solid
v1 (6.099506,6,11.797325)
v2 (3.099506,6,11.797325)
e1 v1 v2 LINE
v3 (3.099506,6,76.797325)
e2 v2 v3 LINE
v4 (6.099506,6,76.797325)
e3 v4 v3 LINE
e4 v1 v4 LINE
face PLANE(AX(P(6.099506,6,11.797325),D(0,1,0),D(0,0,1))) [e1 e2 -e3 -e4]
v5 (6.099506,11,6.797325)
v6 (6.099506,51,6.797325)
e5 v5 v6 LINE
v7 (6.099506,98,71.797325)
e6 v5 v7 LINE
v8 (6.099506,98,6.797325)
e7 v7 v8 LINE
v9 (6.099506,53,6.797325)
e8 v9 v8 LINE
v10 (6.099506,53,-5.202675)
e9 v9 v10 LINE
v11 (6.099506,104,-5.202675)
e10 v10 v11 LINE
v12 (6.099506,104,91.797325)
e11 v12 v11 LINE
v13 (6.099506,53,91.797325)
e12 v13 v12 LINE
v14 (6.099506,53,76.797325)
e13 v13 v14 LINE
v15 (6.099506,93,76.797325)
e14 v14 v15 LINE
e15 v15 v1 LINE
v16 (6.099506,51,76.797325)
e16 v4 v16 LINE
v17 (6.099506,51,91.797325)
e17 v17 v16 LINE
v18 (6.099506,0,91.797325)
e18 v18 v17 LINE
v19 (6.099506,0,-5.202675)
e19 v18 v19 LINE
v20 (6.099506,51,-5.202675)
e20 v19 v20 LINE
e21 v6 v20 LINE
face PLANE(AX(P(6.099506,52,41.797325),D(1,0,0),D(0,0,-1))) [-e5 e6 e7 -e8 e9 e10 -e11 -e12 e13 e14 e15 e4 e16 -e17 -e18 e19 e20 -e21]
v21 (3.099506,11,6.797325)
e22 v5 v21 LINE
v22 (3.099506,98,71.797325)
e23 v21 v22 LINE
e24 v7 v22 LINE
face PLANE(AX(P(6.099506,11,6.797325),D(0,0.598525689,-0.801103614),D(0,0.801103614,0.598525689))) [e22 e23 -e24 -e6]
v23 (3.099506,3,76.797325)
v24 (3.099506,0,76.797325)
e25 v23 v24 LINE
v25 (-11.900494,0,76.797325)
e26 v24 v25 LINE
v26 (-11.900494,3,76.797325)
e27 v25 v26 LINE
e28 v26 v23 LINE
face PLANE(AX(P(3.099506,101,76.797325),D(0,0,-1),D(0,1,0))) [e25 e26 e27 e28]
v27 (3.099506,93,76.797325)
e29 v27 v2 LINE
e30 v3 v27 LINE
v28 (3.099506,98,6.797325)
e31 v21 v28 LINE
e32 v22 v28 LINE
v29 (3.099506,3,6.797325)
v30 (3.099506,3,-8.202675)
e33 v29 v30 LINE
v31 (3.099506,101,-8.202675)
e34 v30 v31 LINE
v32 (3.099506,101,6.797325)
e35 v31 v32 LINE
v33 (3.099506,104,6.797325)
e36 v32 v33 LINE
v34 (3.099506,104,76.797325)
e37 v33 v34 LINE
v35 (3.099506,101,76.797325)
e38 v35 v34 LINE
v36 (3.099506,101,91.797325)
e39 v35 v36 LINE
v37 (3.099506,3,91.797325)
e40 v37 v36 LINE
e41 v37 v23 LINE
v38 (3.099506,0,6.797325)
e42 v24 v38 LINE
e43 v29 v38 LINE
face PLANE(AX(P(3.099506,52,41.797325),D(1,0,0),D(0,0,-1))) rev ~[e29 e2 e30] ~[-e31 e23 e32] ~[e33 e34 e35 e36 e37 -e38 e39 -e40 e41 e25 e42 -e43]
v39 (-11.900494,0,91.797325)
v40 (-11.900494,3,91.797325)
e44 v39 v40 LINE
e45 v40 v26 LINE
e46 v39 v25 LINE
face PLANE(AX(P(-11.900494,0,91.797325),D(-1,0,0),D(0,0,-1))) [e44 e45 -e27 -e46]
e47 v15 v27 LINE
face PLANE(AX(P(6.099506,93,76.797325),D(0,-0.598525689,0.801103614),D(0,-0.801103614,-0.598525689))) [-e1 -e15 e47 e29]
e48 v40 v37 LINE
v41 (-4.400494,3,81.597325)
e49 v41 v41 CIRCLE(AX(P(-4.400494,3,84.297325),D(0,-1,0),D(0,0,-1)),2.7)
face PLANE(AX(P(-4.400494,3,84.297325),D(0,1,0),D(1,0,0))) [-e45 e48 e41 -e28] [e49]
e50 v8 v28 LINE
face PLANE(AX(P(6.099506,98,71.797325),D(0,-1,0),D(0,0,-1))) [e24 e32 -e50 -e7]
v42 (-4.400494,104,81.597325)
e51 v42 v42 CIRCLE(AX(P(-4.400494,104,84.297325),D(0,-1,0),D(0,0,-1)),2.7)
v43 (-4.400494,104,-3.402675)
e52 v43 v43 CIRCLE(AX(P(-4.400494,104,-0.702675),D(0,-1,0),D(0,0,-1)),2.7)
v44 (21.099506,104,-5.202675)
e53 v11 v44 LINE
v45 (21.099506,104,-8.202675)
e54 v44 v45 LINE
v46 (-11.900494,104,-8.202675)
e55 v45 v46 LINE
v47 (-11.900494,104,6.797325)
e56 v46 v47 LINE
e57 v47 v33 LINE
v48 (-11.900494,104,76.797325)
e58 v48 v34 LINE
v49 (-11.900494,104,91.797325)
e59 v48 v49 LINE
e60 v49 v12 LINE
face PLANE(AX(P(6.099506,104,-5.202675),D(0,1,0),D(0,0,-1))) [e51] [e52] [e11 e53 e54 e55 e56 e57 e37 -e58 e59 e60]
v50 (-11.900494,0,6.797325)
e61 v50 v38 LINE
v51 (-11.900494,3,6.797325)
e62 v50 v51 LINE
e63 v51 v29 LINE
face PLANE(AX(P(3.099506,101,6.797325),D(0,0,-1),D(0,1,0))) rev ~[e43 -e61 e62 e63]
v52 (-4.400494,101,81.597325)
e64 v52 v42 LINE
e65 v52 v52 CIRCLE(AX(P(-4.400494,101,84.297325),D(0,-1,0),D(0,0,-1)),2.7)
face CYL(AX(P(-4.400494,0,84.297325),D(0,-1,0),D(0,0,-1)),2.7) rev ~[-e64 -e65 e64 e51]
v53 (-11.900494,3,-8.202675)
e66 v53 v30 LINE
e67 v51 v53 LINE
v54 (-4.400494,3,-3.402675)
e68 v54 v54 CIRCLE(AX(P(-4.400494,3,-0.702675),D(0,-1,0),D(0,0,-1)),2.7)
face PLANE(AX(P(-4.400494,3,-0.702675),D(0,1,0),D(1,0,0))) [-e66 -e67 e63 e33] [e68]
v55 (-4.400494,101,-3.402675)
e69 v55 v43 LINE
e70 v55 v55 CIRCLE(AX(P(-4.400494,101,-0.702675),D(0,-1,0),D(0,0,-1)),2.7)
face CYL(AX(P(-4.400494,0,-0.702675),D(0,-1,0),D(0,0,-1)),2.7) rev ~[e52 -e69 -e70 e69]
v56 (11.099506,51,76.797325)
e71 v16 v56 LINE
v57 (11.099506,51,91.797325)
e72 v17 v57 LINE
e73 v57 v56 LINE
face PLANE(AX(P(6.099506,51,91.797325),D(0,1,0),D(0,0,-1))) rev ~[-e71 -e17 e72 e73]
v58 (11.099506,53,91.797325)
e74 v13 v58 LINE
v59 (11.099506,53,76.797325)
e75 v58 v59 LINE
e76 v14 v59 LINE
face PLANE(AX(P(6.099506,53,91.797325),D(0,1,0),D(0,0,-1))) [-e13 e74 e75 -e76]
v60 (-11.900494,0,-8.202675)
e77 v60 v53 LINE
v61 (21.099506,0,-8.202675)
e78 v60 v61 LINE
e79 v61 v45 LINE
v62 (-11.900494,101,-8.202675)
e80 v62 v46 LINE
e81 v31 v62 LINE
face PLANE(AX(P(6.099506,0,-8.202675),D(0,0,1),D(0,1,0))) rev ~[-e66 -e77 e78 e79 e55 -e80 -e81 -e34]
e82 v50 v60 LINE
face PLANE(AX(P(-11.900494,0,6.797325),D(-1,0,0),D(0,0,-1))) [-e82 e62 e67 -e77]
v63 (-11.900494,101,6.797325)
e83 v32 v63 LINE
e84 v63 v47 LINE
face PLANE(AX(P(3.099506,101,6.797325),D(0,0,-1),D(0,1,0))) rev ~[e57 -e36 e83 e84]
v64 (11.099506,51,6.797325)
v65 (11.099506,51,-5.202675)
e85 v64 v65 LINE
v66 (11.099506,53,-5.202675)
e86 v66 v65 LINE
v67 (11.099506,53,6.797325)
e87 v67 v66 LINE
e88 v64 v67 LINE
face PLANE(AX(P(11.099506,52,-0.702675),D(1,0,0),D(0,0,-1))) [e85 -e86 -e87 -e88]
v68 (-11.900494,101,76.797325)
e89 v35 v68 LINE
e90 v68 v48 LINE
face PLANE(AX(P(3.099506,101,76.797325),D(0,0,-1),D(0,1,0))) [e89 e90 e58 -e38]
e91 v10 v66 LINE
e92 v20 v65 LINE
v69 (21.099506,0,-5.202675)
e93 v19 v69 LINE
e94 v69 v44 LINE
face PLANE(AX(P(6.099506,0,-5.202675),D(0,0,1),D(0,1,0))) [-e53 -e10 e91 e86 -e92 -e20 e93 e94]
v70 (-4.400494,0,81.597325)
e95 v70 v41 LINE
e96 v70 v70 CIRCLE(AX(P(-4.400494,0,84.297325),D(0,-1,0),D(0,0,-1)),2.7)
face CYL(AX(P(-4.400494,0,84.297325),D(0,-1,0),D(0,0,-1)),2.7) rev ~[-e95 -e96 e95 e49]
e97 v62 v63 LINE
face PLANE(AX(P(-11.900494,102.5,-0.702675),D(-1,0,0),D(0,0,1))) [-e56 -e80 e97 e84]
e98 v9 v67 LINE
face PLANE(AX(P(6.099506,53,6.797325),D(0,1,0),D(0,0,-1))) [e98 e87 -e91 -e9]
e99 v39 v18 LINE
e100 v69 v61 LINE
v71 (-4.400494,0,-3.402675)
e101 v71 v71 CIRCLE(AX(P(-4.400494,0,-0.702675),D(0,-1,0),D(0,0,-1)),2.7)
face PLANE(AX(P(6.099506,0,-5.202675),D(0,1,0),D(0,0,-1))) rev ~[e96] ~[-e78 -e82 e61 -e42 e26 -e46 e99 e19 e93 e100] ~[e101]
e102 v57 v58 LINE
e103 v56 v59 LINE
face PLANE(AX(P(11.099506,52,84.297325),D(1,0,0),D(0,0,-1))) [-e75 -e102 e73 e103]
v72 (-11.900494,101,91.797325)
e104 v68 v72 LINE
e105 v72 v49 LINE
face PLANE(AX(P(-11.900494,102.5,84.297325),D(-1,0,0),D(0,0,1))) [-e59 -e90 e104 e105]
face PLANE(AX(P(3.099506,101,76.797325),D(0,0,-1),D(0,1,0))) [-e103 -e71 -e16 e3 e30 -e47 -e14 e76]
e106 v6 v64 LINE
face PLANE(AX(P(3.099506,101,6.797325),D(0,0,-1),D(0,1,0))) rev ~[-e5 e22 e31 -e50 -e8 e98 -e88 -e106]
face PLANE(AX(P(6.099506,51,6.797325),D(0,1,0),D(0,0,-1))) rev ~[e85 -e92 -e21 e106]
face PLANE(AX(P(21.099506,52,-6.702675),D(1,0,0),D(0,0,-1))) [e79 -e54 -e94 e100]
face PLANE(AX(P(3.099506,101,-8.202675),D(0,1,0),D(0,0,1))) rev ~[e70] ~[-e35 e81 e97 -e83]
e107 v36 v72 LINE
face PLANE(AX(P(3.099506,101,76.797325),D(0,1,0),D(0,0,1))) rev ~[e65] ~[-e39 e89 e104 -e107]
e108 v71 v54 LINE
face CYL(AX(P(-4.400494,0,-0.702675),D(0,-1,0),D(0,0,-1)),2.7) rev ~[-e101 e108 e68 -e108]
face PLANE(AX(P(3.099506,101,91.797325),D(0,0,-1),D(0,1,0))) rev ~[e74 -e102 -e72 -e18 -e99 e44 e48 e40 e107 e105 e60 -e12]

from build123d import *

# Parameters (mm, degrees)
SKETCH2_W           = 15
SKETCH2_H           = 15
BOSS_EXTRUDE1_DEPTH = 3
SKETCH3_W           = 3
SKETCH3_H           = 15
BOSS_EXTRUDE2_DEPTH = 104
SKETCH4_W           = 15
SKETCH4_H           = 3
BOSS_EXTRUDE3_DEPTH = 15
SKETCH5_R           = 2.7
CUT_EXTRUDE1_DEPTH  = 105.999550604
SKETCH6_W           = 15
SKETCH6_H           = 2
BOSS_EXTRUDE4_DEPTH = 5
BOSS_EXTRUDE5_DEPTH = 3
SKETCH9_W           = 3
SKETCH9_H           = 104
BOSS_EXTRUDE6_DEPTH = 15


with BuildPart() as part:
    # Sketch2 → Boss-Extrude1 (new body)
    with BuildSketch(Plane(origin=(0, 0, 0), x_dir=(1, 0, 0), z_dir=(0, 1, 0))):
        with Locations((-4.400493642, 0.702675063)):
            Rectangle(SKETCH2_W, SKETCH2_H)
    extrude(amount=BOSS_EXTRUDE1_DEPTH)

    # Sketch3 → Boss-Extrude2 (add)
    with BuildSketch(Plane(origin=(0, 0, 0), x_dir=(1, 0, 0), z_dir=(0, 1, 0))):
        with Locations((4.599506358, 0.702675063)):
            Rectangle(SKETCH3_W, SKETCH3_H)
    extrude(amount=BOSS_EXTRUDE2_DEPTH)

    # Sketch4 → Boss-Extrude3 (add)
    with BuildSketch(Plane.ZY.offset(-3.099506358)):
        with Locations((-0.702675063, 102.5)):
            Rectangle(SKETCH4_W, SKETCH4_H)
    extrude(amount=BOSS_EXTRUDE3_DEPTH)

    # Sketch5 → Cut-Extrude1 (cut, through all)
    with BuildSketch(Plane.XZ):
        with Locations(Location((-4.400493642, -0.702675063, 0), (0, 0, 270))):
            Circle(SKETCH5_R)
    extrude(amount=-CUT_EXTRUDE1_DEPTH, mode=Mode.SUBTRACT)

    # Sketch6 → Boss-Extrude4 (add)
    with BuildSketch(Plane(origin=(6.099506358, 0, 0), x_dir=(0, 0, -1), z_dir=(1, 0, 0))):
        with Locations((0.702675063, 52)):
            Rectangle(SKETCH6_W, SKETCH6_H)
    extrude(amount=BOSS_EXTRUDE4_DEPTH)


with BuildPart() as body_2:
    # Body-Move/Copy2: copy of part
    add(part.part.moved(Location((0, 0, 85))))


with BuildPart() as part_1:
    add(part.part)

    add(body_2.part)  # Boss-Extrude5 merges body 2
    # Sketch8 → Boss-Extrude5 (add)
    with BuildSketch(Plane.ZY.offset(-6.099506358)):
        Polygon((6.797324937, 104), (76.797324937, 104), (76.797324937, 98), (76.797324937, 93), (11.797324937, 6), (76.797324937, 6), (76.797324937, 0), (6.797324937, 0), (6.797324937, 6), (6.797324937, 11), (71.797324937, 98), (6.797324937, 98), align=None)
    extrude(amount=BOSS_EXTRUDE5_DEPTH)

    # Sketch9 → Boss-Extrude6 (add)
    with BuildSketch(Plane(origin=(6.099506358, 0, 0), x_dir=(0, 0, -1), z_dir=(1, 0, 0))):
        with Locations((6.702675063, 52)):
            Rectangle(SKETCH9_W, SKETCH9_H)
    extrude(amount=BOSS_EXTRUDE6_DEPTH)


solid = part_1.part
